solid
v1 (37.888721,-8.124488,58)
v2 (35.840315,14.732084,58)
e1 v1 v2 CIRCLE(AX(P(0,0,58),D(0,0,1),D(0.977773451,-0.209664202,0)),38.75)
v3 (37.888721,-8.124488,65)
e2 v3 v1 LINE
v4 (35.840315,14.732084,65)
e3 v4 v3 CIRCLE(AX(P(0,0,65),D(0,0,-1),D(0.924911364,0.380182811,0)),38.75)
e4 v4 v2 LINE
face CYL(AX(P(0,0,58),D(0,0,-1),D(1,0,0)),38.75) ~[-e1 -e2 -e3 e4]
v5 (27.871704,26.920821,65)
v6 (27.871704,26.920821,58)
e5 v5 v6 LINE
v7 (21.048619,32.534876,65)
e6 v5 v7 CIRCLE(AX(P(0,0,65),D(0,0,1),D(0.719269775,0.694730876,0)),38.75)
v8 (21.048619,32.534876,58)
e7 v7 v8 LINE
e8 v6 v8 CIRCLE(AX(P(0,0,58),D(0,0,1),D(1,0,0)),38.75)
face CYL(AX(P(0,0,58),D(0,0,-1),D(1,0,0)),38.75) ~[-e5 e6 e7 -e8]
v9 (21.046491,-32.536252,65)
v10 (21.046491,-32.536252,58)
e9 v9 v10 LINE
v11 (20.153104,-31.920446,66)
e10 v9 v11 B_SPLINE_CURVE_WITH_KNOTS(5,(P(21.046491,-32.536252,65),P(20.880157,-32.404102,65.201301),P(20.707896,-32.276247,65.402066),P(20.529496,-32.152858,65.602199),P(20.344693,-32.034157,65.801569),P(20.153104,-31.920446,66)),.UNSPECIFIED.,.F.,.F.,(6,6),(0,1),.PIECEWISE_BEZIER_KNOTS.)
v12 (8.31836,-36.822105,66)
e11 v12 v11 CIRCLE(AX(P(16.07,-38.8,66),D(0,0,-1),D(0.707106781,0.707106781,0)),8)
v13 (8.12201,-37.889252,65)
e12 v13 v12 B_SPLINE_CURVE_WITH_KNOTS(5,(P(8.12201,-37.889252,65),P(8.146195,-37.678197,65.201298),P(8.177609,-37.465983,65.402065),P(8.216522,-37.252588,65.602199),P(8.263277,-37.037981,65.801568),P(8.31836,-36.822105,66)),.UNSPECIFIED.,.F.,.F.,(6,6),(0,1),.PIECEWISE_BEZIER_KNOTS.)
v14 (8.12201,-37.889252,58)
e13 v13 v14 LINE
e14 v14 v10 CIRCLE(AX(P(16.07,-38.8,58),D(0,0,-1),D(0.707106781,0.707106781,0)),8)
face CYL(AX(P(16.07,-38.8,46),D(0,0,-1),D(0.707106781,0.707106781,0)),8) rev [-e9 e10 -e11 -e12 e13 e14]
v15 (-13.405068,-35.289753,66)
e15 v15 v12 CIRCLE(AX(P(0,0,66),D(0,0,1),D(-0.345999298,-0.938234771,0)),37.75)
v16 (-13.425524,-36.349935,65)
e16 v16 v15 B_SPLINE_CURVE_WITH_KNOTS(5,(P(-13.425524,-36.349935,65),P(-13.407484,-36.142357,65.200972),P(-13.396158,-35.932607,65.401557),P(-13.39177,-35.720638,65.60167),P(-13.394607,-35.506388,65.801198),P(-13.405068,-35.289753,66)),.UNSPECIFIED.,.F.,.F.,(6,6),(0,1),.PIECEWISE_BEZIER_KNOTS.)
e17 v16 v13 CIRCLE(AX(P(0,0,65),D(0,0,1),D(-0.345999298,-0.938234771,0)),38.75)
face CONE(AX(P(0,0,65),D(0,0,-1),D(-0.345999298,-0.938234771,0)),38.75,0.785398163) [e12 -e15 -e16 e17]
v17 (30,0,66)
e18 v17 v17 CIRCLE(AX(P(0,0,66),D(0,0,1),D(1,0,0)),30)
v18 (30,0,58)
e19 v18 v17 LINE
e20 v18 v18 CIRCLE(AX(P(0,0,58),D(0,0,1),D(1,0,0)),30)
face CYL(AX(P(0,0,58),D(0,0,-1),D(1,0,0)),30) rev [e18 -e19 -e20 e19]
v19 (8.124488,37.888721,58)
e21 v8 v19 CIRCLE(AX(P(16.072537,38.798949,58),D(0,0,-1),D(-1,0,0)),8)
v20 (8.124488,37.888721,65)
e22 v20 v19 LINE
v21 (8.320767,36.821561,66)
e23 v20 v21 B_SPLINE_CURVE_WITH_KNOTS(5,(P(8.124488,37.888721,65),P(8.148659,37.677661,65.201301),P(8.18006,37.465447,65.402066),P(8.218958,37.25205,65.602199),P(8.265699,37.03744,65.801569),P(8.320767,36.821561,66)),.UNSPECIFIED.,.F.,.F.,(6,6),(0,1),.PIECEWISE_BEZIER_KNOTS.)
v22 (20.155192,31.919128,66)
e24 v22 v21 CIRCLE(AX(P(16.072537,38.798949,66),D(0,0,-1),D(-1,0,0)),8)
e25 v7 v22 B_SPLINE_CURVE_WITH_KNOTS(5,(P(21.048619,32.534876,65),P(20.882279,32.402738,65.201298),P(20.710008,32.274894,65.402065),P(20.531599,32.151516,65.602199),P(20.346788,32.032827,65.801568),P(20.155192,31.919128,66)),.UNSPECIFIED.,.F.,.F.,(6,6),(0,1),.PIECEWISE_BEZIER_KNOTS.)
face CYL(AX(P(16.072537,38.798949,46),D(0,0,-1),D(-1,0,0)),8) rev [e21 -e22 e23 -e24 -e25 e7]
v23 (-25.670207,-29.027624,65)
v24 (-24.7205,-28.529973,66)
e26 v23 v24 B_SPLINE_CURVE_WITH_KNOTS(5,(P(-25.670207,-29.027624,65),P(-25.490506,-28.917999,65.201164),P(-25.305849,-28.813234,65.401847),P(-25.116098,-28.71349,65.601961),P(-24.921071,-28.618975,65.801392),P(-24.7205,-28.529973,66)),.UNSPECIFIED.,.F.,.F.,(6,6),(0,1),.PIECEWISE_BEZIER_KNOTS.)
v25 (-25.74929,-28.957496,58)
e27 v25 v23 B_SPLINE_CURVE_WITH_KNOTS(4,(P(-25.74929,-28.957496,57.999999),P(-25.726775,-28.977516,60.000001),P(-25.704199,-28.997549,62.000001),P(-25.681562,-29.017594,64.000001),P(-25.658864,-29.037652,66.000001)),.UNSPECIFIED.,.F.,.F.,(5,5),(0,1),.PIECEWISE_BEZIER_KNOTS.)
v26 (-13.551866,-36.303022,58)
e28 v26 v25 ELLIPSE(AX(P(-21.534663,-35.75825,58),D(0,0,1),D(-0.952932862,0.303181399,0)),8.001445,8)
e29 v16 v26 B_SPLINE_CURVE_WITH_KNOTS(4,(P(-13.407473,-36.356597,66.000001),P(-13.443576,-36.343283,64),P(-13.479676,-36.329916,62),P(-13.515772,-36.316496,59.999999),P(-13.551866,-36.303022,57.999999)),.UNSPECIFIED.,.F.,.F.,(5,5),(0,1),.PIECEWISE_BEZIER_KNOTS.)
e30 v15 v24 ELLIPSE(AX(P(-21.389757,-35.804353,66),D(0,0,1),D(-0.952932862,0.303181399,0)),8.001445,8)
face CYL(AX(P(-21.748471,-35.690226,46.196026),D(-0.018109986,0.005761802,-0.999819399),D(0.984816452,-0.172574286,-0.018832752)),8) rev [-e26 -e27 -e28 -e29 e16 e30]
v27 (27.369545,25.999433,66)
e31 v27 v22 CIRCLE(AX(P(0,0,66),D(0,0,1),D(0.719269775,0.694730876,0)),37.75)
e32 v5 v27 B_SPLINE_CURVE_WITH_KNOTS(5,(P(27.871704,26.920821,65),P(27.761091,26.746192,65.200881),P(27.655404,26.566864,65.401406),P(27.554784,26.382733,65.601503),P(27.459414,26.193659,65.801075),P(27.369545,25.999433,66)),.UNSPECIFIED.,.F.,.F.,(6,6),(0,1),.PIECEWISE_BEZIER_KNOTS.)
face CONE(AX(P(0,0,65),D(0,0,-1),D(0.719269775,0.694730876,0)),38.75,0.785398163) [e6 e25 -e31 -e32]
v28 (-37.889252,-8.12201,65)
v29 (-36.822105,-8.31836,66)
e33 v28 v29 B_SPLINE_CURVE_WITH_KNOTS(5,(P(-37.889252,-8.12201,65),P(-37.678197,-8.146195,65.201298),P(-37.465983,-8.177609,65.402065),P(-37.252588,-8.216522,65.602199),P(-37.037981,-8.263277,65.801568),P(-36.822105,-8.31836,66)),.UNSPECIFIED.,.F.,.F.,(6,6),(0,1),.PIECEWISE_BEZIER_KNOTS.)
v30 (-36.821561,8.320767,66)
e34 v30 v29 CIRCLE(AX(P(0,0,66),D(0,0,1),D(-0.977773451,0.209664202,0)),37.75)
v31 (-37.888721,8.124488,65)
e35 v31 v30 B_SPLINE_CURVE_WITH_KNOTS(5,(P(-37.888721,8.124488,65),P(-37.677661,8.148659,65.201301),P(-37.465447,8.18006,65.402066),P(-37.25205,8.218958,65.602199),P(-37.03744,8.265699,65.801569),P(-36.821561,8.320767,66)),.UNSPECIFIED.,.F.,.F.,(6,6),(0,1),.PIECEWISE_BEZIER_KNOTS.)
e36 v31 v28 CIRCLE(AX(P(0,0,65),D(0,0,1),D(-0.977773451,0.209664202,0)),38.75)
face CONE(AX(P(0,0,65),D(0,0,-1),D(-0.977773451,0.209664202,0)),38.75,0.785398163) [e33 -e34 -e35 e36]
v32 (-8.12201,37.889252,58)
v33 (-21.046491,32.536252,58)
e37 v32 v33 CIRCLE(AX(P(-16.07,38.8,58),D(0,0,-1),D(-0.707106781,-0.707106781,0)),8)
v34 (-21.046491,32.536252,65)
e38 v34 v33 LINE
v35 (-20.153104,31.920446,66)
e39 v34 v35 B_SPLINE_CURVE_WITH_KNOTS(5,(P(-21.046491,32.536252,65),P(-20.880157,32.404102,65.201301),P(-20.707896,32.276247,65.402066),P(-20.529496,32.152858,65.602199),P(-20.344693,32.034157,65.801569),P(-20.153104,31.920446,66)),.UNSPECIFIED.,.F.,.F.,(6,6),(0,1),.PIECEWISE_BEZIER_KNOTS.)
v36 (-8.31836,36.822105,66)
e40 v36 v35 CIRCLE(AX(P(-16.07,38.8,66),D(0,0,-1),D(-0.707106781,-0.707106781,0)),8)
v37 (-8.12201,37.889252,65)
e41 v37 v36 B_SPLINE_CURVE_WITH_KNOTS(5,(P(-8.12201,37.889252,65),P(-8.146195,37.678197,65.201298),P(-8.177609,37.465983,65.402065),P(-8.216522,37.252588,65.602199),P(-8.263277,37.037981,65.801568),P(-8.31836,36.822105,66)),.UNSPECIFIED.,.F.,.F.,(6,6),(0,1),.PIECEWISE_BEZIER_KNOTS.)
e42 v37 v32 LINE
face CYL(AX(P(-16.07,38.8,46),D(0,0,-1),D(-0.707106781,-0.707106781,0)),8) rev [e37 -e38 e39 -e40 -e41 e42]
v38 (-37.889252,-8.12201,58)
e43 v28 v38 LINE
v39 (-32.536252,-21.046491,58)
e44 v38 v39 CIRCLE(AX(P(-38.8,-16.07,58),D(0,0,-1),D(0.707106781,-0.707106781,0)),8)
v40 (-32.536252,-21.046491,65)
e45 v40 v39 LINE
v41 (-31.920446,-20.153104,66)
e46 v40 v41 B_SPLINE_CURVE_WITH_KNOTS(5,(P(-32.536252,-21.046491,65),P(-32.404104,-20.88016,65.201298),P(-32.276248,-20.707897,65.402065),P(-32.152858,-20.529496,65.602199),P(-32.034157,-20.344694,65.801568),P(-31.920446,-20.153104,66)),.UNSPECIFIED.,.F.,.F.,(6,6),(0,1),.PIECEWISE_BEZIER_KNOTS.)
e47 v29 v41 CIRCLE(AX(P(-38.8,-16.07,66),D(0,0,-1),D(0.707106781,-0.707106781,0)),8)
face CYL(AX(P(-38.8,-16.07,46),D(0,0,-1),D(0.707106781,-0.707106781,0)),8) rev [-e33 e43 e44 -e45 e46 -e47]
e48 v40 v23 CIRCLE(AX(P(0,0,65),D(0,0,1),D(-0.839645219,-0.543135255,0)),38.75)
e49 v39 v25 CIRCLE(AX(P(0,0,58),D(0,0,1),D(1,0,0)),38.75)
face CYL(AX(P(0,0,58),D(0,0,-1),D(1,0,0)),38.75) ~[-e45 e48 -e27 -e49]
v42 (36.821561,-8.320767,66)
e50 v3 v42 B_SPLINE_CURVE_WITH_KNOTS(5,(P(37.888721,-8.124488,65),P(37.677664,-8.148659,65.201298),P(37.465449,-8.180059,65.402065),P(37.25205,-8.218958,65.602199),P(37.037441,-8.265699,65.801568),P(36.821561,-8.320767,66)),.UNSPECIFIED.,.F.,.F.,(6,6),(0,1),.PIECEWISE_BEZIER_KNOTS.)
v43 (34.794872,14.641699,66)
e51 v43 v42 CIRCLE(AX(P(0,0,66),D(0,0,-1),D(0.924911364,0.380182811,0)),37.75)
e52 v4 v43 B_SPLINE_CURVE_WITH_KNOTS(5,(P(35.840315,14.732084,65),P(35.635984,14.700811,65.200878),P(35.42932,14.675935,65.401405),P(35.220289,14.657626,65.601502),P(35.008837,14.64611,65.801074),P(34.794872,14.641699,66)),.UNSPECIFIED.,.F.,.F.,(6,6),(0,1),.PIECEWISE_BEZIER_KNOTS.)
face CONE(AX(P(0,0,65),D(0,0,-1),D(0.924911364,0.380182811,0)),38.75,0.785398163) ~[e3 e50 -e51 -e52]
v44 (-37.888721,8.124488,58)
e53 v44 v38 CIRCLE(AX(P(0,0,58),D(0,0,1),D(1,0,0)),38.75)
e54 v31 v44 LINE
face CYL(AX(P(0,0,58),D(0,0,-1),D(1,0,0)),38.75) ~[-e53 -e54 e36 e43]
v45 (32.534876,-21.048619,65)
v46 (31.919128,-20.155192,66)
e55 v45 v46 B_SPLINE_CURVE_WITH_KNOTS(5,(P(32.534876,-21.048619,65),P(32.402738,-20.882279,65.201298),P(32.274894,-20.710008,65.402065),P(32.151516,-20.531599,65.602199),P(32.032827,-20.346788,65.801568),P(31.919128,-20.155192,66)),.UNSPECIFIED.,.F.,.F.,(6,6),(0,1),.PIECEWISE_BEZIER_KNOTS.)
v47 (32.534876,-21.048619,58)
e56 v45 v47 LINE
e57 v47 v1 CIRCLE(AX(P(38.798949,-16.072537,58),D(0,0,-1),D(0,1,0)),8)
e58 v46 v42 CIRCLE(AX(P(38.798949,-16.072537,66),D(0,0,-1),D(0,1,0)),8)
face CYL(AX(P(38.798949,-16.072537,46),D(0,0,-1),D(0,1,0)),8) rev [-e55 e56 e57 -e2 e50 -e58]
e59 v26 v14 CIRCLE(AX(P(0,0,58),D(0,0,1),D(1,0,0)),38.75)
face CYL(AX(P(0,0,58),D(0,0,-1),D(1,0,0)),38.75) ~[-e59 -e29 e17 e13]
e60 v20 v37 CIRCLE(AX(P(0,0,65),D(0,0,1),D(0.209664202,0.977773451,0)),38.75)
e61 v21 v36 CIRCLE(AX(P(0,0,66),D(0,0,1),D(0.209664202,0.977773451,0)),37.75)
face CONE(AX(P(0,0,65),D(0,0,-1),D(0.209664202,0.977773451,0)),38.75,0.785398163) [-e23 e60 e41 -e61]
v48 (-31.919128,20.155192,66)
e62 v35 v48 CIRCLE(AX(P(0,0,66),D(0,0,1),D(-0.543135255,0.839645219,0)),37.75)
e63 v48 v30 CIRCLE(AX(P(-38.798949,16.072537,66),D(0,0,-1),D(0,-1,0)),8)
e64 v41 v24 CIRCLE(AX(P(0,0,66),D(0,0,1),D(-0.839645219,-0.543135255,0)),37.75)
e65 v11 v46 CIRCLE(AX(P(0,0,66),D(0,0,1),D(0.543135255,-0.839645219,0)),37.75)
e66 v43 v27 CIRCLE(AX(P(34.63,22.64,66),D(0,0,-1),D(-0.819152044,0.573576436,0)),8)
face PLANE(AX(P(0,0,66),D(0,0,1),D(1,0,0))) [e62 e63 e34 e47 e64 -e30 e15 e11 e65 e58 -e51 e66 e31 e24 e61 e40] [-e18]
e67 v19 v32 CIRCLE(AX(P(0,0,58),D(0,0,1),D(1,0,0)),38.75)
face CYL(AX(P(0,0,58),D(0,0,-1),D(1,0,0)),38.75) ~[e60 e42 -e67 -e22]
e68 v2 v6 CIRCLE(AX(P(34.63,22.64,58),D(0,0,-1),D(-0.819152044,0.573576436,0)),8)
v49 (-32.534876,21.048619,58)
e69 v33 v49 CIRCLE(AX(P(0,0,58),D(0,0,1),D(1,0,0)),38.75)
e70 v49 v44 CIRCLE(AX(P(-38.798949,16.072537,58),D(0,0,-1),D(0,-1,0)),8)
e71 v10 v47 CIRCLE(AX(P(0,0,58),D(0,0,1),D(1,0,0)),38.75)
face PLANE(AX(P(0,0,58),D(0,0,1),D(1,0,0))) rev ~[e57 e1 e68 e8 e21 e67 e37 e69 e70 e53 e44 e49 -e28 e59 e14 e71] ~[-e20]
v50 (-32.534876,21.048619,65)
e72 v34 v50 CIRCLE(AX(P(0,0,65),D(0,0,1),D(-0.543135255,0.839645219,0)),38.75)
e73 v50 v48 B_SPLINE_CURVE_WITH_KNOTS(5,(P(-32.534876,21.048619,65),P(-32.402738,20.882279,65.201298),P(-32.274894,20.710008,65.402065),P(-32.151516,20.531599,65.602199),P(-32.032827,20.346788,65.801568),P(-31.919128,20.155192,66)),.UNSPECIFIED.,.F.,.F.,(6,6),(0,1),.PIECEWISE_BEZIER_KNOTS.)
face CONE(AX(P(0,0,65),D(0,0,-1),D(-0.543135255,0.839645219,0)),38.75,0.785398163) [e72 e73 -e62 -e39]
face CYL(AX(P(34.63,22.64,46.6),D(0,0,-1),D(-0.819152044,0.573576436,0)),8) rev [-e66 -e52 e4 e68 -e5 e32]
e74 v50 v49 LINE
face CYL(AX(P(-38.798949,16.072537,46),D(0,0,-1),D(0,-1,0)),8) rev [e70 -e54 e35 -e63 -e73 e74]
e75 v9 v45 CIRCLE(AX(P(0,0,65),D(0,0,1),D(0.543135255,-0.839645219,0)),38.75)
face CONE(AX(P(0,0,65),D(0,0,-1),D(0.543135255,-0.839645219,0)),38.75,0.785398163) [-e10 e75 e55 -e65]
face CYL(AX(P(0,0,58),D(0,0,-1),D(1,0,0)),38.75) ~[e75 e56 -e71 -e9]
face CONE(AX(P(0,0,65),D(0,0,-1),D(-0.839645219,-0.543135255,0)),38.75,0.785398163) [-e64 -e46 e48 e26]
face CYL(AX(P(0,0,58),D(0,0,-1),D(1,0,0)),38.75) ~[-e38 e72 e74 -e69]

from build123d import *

# Parameters (mm, degrees)
CYLINDER692_R               = 8
CYLINDER692_DEPTH           = 25
CYLINDER693_R               = 8
CYLINDER693_DEPTH           = 25
CYLINDER693_PLACEMENT_ANGLE = 225
CYLINDER695_R               = 8
CYLINDER695_DEPTH           = 25
CYLINDER694_R               = 8
CYLINDER694_DEPTH           = 25
CYLINDER694_PLACEMENT_ANGLE = 145
CYLINDER696_R               = 8
CYLINDER696_DEPTH           = 25
CYLINDER697_R               = 8
CYLINDER697_DEPTH           = 25
CYLINDER697_PLACEMENT_ANGLE = 45
CYLINDER690_R               = 8
CYLINDER690_DEPTH           = 25
CYLINDER690_ROLL_ANGLE      = 0.146073
CYLINDER690_PITCH_ANGLE     = 1.079101
CYLINDER690_PLACEMENT_ANGLE = -9.939308
CYLINDER691_R               = 8
CYLINDER691_DEPTH           = 25
CYLINDER691_PLACEMENT_ANGLE = 45
TUBE075_R                   = 38.75
TUBE075_R_2                 = 30
TUBE075_DEPTH               = 8
CHAMFER001_SIZE             = 1


with BuildPart() as v_lec692:
    # Cylinder692 → Cylinder692 (new body)
    with BuildSketch(Plane(origin=(-38.798949, 16.072537, 43), x_dir=(0, -1, 0), z_dir=(0, 0, 1))):
        Circle(CYLINDER692_R)
    extrude(amount=CYLINDER692_DEPTH)


with BuildPart() as v_lec693:
    # Cylinder693 → Cylinder693 (new body)
    with BuildSketch(Plane.XY):
        Circle(CYLINDER693_R)
    extrude(amount=CYLINDER693_DEPTH)


with BuildPart() as v_lec693_1:
    # Cylinder693 placement: moved
    add(v_lec693.part.moved(Location((-16.07, 38.8, 43))).rotate(Axis((-16.07, 38.8, 43), (0, 0, 1)), CYLINDER693_PLACEMENT_ANGLE))


with BuildPart() as v_lec695:
    # Cylinder695 → Cylinder695 (new body)
    with BuildSketch(Plane(origin=(16.072537, 38.798949, 43), x_dir=(-1, 0, 0), z_dir=(0, 0, 1))):
        Circle(CYLINDER695_R)
    extrude(amount=CYLINDER695_DEPTH)


with BuildPart() as v_lec694:
    # Cylinder694 → Cylinder694 (new body)
    with BuildSketch(Plane.XY):
        Circle(CYLINDER694_R)
    extrude(amount=CYLINDER694_DEPTH)


with BuildPart() as v_lec694_1:
    # Cylinder694 placement: moved
    add(v_lec694.part.moved(Location((34.63, 22.64, 43.6))).rotate(Axis((34.63, 22.64, 43.6), (0, 0, 1)), CYLINDER694_PLACEMENT_ANGLE))


with BuildPart() as v_lec696:
    # Cylinder696 → Cylinder696 (new body)
    with BuildSketch(Plane(origin=(38.798949, -16.072537, 43), x_dir=(0, 1, 0), z_dir=(0, 0, 1))):
        Circle(CYLINDER696_R)
    extrude(amount=CYLINDER696_DEPTH)


with BuildPart() as v_lec697:
    # Cylinder697 → Cylinder697 (new body)
    with BuildSketch(Plane.XY):
        Circle(CYLINDER697_R)
    extrude(amount=CYLINDER697_DEPTH)


with BuildPart() as v_lec697_1:
    # Cylinder697 placement: moved
    add(v_lec697.part.moved(Location((16.07, -38.8, 43))).rotate(Axis((16.07, -38.8, 43), (0, 0, 1)), CYLINDER697_PLACEMENT_ANGLE))


with BuildPart() as v_lec690:
    # Cylinder690 → Cylinder690 (new body)
    with BuildSketch(Plane.XY):
        Circle(CYLINDER690_R)
    extrude(amount=CYLINDER690_DEPTH)


with BuildPart() as v_lec690_1:
    # Cylinder690 roll: moved
    add(v_lec690.part.rotate(Axis((0, 0, 0), (1, 0, 0)), CYLINDER690_ROLL_ANGLE))


with BuildPart() as v_lec690_2:
    # Cylinder690 pitch: moved
    add(v_lec690_1.part.rotate(Axis((0, 0, 0), (0, 1, 0)), CYLINDER690_PITCH_ANGLE))


with BuildPart() as v_lec690_3:
    # Cylinder690 placement: moved
    add(v_lec690_2.part.moved(Location((-21.748471, -35.690226, 43.196026))).rotate(Axis((-21.748471, -35.690226, 43.196026), (0, 0, 1)), CYLINDER690_PLACEMENT_ANGLE))


with BuildPart() as compound696:
    # Cylinder691 → Cylinder691 (new body)
    with BuildSketch(Plane.XY):
        Circle(CYLINDER691_R)
    extrude(amount=CYLINDER691_DEPTH)


with BuildPart() as compound696_1:
    # Cylinder691 placement: moved
    add(compound696.part.moved(Location((-38.8, -16.07, 43))).rotate(Axis((-38.8, -16.07, 43), (0, 0, -1)), CYLINDER691_PLACEMENT_ANGLE))

    # Compound696: union Válec692, Válec693, Válec695, Válec694, Válec696, Válec697, Válec690
    add(v_lec692.part)
    add(v_lec693_1.part)
    add(v_lec695.part)
    add(v_lec694_1.part)
    add(v_lec696.part)
    add(v_lec697_1.part)
    add(v_lec690_3.part)


with BuildPart() as compound696_2:
    # Compound696 placement: moved
    add(compound696_1.part.moved(Location((0, 0, 3))))


with BuildPart() as chamfer001:
    # Tube075 → Tube075 (new body)
    with BuildSketch(Plane.XY.offset(58)):
        Circle(TUBE075_R)
        Circle(TUBE075_R_2, mode=Mode.SUBTRACT)
    extrude(amount=TUBE075_DEPTH)

    # Cut317: cut Compound696
    add(compound696_2.part, mode=Mode.SUBTRACT)

    # Chamfer001
    chamfer001_edges = [chamfer001.edges().sort_by_distance(p)[0] for p in [
        (38.534079, -4.085006, 66),
        (38.01562, 7.508338, 66),
        (27.399492, -27.401284, 66),
        (-2.751597, -38.652183, 66),
        (-29.370607, -25.277064, 66),
        (-38.75, 0.001267, 66),
        (-27.399492, 27.401284, 66),
        (0.001267, 38.75, 66),
        (24.6207, 29.922961, 66),
    ]]
    chamfer(chamfer001_edges, length=CHAMFER001_SIZE)


solid = chamfer001.part
